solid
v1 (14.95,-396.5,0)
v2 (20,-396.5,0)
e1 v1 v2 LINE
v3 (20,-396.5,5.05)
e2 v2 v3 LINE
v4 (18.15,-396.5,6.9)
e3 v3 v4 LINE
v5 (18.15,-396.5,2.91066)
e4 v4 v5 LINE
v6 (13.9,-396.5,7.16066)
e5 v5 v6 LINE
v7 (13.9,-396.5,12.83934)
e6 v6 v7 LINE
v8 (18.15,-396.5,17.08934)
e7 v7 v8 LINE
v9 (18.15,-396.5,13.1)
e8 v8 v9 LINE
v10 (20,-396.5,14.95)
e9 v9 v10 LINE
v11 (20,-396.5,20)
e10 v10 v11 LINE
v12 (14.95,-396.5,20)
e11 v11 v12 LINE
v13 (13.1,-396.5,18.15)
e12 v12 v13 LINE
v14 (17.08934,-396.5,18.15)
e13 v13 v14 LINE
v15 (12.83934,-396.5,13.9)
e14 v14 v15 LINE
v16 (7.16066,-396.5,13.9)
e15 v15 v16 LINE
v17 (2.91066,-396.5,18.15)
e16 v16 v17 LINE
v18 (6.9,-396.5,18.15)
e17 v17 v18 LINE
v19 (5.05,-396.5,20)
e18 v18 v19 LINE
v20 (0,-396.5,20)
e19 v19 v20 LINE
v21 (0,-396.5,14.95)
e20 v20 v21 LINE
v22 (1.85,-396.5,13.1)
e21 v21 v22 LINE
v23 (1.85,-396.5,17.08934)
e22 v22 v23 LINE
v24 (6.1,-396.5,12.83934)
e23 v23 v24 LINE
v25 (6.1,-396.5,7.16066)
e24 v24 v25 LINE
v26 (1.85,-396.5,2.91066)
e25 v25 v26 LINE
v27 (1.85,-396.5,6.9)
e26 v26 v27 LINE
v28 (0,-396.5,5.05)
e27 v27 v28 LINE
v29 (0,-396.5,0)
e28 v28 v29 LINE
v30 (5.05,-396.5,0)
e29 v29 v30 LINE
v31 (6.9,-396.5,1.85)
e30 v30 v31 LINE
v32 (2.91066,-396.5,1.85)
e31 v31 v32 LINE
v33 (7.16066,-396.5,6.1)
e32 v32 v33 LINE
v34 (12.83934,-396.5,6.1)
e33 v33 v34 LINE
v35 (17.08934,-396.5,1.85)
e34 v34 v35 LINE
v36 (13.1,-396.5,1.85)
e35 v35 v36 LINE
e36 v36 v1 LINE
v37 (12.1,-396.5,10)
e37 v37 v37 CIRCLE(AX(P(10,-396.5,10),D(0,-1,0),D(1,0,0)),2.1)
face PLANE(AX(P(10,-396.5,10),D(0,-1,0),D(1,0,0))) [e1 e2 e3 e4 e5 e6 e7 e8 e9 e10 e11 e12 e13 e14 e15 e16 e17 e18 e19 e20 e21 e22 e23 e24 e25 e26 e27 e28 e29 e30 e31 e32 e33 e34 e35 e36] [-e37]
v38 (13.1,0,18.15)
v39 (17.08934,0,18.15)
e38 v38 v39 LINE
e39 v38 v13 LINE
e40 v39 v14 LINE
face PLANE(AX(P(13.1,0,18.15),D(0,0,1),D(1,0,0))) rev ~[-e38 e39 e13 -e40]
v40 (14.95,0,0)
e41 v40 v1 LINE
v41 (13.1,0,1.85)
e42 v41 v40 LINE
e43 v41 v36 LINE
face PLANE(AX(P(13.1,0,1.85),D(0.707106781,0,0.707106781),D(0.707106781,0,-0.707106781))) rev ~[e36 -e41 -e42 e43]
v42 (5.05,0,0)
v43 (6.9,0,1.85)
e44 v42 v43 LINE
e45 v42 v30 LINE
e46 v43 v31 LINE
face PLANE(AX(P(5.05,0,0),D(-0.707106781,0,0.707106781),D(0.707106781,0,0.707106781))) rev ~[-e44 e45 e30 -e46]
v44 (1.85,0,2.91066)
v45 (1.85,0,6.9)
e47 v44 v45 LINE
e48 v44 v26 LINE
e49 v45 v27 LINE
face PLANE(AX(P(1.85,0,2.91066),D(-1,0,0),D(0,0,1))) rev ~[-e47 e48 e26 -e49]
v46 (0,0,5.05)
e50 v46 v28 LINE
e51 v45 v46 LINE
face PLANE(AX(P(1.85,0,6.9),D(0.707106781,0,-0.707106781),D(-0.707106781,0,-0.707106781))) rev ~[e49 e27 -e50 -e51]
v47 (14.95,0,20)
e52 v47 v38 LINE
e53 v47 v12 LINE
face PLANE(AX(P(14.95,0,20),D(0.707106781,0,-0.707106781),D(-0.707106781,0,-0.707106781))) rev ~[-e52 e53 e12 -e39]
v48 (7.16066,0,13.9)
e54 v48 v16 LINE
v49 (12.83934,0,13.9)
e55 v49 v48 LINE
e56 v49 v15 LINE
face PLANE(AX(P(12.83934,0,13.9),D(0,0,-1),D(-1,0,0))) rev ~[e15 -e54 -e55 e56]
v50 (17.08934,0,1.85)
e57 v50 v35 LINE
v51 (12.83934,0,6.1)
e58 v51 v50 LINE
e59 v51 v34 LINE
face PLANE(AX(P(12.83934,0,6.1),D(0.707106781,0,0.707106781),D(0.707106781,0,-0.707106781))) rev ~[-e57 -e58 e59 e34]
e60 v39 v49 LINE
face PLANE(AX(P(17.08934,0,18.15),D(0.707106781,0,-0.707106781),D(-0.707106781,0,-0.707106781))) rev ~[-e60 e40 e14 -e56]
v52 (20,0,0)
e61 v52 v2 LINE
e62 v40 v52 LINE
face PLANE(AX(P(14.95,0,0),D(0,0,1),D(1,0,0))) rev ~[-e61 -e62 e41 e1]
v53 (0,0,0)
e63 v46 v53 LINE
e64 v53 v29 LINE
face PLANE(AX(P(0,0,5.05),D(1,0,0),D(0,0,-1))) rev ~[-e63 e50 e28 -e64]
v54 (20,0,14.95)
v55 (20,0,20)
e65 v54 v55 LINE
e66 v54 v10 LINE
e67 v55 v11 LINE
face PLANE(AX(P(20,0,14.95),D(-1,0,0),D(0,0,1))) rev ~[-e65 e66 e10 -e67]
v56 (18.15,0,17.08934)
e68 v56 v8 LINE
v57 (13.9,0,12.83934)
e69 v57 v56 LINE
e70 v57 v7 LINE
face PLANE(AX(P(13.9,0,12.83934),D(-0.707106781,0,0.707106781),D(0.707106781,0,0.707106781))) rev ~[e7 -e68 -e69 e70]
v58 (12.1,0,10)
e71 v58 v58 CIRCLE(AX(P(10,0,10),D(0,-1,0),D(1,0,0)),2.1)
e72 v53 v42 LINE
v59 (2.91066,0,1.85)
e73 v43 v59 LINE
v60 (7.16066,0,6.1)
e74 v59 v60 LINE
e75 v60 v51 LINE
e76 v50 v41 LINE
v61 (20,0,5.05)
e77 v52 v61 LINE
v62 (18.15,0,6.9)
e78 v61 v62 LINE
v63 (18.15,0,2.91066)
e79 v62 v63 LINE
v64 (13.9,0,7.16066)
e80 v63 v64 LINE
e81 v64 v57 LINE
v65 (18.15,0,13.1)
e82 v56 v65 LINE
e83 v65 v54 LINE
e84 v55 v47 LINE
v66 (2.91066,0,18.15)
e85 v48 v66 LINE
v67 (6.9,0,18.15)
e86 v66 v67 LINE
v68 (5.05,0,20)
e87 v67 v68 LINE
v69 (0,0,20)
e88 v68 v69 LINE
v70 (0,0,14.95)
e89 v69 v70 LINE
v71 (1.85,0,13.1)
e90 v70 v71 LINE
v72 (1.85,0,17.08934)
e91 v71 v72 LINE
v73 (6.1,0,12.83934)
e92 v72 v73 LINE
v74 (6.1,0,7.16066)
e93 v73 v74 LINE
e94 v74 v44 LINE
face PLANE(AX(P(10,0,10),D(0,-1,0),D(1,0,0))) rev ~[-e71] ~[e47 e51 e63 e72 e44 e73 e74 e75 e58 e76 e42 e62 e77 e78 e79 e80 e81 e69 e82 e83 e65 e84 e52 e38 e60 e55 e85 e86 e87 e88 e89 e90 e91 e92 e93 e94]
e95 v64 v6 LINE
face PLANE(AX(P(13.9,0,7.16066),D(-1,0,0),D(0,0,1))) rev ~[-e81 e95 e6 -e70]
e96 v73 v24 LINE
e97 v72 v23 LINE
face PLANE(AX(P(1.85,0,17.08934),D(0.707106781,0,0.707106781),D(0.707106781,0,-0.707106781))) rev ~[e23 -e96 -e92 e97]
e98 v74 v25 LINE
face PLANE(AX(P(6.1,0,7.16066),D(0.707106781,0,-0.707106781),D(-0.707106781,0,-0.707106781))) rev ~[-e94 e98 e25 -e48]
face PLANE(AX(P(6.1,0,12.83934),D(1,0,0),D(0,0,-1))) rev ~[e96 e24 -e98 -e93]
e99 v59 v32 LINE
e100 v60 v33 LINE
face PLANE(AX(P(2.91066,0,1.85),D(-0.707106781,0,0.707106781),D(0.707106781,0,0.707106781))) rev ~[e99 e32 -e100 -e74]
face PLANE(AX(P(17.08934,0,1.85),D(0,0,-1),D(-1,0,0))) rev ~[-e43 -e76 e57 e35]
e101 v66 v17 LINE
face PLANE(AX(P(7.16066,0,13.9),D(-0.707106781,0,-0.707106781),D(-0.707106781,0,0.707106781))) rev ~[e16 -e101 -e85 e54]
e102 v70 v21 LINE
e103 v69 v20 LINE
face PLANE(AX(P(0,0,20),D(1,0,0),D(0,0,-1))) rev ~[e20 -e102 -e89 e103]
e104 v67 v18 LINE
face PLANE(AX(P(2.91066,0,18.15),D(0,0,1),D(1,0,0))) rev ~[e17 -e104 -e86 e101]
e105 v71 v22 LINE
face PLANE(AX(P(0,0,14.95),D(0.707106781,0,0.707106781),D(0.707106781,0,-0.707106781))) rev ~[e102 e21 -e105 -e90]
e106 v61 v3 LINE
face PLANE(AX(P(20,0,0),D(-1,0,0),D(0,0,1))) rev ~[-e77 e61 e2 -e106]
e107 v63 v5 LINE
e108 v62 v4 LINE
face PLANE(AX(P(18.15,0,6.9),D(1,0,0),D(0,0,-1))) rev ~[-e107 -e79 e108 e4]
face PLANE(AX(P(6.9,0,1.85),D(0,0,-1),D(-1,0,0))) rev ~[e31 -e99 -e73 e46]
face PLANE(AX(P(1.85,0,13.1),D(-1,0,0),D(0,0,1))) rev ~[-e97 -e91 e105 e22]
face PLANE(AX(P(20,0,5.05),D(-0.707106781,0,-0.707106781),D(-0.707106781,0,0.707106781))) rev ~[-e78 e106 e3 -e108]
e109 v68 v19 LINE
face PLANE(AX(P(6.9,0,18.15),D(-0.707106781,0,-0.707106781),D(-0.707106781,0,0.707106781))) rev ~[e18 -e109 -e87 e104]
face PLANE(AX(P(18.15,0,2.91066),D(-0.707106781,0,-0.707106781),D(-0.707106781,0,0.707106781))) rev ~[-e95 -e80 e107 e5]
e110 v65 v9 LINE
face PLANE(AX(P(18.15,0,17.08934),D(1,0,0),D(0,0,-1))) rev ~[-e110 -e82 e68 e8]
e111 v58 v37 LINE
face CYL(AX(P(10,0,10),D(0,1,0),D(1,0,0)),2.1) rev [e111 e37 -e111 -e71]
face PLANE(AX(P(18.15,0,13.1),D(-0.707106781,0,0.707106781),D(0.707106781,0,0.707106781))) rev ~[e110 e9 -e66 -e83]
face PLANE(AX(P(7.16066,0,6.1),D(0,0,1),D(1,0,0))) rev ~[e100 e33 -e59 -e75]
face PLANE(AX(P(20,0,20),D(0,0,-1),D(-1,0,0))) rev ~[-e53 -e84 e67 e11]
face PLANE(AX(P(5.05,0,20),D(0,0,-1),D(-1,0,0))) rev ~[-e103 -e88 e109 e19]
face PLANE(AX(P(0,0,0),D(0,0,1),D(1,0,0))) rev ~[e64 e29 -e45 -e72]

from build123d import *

# Parameters (mm, degrees)
SKETCH_R  = 2.1
PAD_DEPTH = 396.5


with BuildPart() as part:
    # Sketch → Pad (new body)
    with BuildSketch(Plane.XZ):
        Polygon((0, 0), (5.05, 0), (6.9, 1.85), (2.91066, 1.85), (7.16066, 6.1), (12.83934, 6.1), (17.08934, 1.85), (13.1, 1.85), (14.95, 0), (20, 0), (20, 5.05), (18.15, 6.9), (18.15, 2.91066), (13.9, 7.16066), (13.9, 12.83934), (18.15, 17.08934), (18.15, 13.1), (20, 14.95), (20, 20), (14.95, 20), (13.1, 18.15), (17.08934, 18.15), (12.83934, 13.9), (7.16066, 13.9), (2.91066, 18.15), (6.9, 18.15), (5.05, 20), (0, 20), (0, 14.95), (1.85, 13.1), (1.85, 17.08934), (6.1, 12.83934), (6.1, 7.16066), (1.85, 2.91066), (1.85, 6.9), (0, 5.05), align=None)
        with Locations((10, 10)):
            Circle(SKETCH_R, mode=Mode.SUBTRACT)
    extrude(amount=PAD_DEPTH)


solid = part.part
